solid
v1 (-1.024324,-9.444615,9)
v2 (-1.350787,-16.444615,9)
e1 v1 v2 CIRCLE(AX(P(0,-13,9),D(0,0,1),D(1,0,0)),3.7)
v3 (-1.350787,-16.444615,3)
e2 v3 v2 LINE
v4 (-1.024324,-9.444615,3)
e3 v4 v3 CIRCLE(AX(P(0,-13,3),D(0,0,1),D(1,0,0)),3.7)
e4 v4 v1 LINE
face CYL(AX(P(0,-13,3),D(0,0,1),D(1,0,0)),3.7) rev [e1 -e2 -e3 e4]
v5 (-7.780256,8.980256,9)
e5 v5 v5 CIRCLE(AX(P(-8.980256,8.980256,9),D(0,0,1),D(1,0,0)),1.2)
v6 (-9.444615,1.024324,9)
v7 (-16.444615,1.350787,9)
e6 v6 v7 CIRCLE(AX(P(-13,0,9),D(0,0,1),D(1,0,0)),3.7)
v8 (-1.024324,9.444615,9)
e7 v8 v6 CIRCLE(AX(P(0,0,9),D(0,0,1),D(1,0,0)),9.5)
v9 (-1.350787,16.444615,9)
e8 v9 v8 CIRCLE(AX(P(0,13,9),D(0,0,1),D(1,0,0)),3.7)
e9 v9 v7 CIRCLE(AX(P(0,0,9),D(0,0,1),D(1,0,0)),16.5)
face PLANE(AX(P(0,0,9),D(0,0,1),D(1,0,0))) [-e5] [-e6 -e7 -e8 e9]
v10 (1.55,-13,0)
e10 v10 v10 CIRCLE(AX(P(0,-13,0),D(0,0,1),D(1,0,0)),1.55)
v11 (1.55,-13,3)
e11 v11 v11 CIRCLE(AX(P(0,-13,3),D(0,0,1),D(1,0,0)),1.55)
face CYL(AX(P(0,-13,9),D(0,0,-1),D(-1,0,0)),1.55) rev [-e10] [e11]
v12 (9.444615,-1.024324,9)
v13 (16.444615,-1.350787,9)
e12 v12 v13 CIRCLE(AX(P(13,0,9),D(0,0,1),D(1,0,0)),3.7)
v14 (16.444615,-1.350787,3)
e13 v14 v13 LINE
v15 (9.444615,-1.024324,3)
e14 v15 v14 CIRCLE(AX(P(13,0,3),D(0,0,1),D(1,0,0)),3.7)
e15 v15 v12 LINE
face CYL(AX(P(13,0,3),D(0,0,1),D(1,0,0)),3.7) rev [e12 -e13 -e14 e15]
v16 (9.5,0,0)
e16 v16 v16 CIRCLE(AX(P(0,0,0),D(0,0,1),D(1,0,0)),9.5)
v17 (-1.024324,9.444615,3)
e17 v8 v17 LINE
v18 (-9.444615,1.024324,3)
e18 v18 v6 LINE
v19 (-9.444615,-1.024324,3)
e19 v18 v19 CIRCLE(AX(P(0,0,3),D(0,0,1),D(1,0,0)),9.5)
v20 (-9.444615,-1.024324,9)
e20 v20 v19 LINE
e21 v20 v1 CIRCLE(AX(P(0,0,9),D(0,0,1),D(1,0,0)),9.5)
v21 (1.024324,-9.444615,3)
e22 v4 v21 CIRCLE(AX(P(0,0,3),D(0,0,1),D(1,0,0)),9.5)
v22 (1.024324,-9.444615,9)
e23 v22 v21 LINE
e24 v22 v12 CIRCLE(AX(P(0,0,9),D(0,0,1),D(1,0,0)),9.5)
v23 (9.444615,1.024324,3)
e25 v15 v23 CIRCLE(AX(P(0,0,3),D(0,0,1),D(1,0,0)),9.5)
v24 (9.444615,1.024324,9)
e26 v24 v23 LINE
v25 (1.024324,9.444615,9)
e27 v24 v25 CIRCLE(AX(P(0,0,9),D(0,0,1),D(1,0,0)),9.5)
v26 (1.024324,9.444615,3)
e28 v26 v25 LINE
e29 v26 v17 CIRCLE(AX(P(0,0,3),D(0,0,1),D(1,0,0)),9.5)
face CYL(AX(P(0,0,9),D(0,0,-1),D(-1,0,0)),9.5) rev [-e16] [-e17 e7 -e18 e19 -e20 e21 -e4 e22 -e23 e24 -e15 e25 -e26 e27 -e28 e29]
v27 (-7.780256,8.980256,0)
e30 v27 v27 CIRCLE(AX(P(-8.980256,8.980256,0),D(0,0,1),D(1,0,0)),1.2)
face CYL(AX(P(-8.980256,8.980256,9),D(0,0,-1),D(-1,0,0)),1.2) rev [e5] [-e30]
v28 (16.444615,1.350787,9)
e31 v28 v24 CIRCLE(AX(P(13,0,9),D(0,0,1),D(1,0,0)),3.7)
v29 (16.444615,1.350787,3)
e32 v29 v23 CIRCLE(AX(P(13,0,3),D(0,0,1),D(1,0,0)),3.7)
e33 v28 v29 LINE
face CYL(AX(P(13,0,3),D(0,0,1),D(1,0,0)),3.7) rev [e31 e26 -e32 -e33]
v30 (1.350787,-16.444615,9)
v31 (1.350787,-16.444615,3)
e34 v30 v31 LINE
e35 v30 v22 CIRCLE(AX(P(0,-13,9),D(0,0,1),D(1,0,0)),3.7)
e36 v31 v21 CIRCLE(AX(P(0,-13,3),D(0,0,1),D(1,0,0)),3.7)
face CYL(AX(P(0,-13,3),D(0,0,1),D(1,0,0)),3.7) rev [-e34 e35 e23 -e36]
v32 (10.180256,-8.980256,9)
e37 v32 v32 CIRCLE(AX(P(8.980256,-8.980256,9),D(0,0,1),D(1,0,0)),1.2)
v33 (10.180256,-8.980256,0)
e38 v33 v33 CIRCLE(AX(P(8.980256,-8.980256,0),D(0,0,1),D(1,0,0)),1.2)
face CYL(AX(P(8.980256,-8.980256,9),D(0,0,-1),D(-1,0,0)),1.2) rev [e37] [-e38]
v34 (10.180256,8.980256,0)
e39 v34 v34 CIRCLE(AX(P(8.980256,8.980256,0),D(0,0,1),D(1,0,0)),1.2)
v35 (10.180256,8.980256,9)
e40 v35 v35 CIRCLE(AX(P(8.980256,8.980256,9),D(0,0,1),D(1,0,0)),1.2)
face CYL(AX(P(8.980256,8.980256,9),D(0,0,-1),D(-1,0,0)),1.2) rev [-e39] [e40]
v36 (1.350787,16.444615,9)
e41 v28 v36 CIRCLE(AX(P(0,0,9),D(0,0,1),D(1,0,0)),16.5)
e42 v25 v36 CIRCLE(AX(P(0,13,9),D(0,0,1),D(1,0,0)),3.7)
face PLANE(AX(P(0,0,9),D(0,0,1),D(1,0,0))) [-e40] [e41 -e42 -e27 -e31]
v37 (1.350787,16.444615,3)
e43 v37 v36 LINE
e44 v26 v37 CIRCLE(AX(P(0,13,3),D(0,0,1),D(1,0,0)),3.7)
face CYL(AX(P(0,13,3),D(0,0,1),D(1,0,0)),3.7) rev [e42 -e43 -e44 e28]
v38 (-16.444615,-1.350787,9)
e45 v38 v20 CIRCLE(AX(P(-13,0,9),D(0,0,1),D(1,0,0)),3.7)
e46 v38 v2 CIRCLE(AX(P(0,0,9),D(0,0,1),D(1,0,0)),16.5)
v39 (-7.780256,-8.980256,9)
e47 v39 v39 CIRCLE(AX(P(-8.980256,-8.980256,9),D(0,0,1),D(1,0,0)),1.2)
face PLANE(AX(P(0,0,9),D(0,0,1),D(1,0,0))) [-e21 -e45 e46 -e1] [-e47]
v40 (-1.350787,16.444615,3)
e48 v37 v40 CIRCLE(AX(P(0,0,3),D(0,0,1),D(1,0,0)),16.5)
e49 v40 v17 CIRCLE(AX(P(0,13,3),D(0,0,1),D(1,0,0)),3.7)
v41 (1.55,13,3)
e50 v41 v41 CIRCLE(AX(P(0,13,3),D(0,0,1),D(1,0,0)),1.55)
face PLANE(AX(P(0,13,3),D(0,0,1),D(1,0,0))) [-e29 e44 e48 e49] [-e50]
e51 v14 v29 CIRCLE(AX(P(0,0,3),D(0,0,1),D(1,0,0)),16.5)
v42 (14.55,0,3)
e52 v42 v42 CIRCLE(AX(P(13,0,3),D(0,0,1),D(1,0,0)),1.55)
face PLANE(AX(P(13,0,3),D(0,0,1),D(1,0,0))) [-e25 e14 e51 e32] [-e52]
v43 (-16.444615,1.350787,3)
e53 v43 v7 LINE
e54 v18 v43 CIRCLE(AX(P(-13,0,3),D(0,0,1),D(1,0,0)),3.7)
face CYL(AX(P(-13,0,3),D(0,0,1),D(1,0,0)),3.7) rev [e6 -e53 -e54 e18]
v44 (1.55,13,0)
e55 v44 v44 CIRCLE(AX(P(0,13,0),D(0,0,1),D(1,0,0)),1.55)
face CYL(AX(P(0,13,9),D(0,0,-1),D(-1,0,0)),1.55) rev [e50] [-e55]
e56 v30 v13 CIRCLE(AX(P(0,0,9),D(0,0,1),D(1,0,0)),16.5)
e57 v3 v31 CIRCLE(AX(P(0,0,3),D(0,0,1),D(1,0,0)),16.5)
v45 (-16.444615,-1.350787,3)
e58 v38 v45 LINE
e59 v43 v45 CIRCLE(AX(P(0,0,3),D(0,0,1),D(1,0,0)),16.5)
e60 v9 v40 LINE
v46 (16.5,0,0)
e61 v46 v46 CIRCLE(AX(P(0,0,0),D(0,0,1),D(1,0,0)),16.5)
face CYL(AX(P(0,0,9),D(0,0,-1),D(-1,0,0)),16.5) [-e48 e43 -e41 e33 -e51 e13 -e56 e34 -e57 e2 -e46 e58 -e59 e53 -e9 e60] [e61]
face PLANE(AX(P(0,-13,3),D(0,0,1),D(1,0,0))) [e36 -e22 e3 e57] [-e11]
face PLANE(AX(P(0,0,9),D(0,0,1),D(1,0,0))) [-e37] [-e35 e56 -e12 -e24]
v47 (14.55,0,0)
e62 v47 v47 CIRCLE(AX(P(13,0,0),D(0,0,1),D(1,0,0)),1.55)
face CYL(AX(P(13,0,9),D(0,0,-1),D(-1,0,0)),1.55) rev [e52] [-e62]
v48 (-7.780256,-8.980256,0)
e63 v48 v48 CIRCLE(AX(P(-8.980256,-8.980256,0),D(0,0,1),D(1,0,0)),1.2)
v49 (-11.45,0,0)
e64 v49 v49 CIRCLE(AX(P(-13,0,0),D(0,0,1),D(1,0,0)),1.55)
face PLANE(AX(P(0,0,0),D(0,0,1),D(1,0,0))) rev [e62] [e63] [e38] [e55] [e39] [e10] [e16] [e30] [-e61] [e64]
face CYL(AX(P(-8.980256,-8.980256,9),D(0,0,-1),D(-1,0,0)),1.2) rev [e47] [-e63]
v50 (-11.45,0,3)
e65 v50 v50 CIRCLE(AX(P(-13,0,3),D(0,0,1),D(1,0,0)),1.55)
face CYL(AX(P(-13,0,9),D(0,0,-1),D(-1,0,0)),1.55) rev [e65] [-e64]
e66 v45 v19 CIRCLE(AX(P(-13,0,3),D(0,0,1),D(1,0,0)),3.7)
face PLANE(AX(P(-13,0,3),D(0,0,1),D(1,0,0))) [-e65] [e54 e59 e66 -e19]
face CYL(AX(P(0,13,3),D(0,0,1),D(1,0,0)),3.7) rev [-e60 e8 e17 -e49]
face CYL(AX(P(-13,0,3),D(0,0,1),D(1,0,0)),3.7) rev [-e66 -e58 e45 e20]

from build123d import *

# Parameters (mm, degrees)
SKETCH1_R           = 16.5
SKETCH1_R_2         = 1.2
SKETCH1_R_3         = 9.5
SKETCH1_R_4         = 1.55
BOSS_EXTRUDE1_DEPTH = 9
SKETCH2_R           = 3.7
CUT_EXTRUDE1_DEPTH  = 6


with BuildPart() as part:
    # Sketch1 → Boss-Extrude1 (new body)
    with BuildSketch(Plane.XY):
        Circle(SKETCH1_R)
        with Locations((8.980256121, 8.980256121)):
            Circle(SKETCH1_R_2, mode=Mode.SUBTRACT)
        with Locations((8.980256121, -8.980256121)):
            Circle(SKETCH1_R_2, mode=Mode.SUBTRACT)
        with Locations((-8.980256121, -8.980256121)):
            Circle(SKETCH1_R_2, mode=Mode.SUBTRACT)
        with Locations((-8.980256121, 8.980256121)):
            Circle(SKETCH1_R_2, mode=Mode.SUBTRACT)
        Circle(SKETCH1_R_3, mode=Mode.SUBTRACT)
        with Locations((0, 13)):
            Circle(SKETCH1_R_4, mode=Mode.SUBTRACT)
        with Locations((13, 0)):
            Circle(SKETCH1_R_4, mode=Mode.SUBTRACT)
        with Locations((0, -13)):
            Circle(SKETCH1_R_4, mode=Mode.SUBTRACT)
        with Locations((-13, 0)):
            Circle(SKETCH1_R_4, mode=Mode.SUBTRACT)
    extrude(amount=BOSS_EXTRUDE1_DEPTH)

    # Sketch2 → Cut-Extrude1 (cut)
    with BuildSketch(Plane.XY.offset(9)):
        with Locations((0, 13)):
            Circle(SKETCH2_R)
        with Locations((13, 0)):
            Circle(SKETCH2_R)
        with Locations((0, -13)):
            Circle(SKETCH2_R)
        with Locations((-13, 0)):
            Circle(SKETCH2_R)
    extrude(amount=-CUT_EXTRUDE1_DEPTH, mode=Mode.SUBTRACT)


solid = part.part
